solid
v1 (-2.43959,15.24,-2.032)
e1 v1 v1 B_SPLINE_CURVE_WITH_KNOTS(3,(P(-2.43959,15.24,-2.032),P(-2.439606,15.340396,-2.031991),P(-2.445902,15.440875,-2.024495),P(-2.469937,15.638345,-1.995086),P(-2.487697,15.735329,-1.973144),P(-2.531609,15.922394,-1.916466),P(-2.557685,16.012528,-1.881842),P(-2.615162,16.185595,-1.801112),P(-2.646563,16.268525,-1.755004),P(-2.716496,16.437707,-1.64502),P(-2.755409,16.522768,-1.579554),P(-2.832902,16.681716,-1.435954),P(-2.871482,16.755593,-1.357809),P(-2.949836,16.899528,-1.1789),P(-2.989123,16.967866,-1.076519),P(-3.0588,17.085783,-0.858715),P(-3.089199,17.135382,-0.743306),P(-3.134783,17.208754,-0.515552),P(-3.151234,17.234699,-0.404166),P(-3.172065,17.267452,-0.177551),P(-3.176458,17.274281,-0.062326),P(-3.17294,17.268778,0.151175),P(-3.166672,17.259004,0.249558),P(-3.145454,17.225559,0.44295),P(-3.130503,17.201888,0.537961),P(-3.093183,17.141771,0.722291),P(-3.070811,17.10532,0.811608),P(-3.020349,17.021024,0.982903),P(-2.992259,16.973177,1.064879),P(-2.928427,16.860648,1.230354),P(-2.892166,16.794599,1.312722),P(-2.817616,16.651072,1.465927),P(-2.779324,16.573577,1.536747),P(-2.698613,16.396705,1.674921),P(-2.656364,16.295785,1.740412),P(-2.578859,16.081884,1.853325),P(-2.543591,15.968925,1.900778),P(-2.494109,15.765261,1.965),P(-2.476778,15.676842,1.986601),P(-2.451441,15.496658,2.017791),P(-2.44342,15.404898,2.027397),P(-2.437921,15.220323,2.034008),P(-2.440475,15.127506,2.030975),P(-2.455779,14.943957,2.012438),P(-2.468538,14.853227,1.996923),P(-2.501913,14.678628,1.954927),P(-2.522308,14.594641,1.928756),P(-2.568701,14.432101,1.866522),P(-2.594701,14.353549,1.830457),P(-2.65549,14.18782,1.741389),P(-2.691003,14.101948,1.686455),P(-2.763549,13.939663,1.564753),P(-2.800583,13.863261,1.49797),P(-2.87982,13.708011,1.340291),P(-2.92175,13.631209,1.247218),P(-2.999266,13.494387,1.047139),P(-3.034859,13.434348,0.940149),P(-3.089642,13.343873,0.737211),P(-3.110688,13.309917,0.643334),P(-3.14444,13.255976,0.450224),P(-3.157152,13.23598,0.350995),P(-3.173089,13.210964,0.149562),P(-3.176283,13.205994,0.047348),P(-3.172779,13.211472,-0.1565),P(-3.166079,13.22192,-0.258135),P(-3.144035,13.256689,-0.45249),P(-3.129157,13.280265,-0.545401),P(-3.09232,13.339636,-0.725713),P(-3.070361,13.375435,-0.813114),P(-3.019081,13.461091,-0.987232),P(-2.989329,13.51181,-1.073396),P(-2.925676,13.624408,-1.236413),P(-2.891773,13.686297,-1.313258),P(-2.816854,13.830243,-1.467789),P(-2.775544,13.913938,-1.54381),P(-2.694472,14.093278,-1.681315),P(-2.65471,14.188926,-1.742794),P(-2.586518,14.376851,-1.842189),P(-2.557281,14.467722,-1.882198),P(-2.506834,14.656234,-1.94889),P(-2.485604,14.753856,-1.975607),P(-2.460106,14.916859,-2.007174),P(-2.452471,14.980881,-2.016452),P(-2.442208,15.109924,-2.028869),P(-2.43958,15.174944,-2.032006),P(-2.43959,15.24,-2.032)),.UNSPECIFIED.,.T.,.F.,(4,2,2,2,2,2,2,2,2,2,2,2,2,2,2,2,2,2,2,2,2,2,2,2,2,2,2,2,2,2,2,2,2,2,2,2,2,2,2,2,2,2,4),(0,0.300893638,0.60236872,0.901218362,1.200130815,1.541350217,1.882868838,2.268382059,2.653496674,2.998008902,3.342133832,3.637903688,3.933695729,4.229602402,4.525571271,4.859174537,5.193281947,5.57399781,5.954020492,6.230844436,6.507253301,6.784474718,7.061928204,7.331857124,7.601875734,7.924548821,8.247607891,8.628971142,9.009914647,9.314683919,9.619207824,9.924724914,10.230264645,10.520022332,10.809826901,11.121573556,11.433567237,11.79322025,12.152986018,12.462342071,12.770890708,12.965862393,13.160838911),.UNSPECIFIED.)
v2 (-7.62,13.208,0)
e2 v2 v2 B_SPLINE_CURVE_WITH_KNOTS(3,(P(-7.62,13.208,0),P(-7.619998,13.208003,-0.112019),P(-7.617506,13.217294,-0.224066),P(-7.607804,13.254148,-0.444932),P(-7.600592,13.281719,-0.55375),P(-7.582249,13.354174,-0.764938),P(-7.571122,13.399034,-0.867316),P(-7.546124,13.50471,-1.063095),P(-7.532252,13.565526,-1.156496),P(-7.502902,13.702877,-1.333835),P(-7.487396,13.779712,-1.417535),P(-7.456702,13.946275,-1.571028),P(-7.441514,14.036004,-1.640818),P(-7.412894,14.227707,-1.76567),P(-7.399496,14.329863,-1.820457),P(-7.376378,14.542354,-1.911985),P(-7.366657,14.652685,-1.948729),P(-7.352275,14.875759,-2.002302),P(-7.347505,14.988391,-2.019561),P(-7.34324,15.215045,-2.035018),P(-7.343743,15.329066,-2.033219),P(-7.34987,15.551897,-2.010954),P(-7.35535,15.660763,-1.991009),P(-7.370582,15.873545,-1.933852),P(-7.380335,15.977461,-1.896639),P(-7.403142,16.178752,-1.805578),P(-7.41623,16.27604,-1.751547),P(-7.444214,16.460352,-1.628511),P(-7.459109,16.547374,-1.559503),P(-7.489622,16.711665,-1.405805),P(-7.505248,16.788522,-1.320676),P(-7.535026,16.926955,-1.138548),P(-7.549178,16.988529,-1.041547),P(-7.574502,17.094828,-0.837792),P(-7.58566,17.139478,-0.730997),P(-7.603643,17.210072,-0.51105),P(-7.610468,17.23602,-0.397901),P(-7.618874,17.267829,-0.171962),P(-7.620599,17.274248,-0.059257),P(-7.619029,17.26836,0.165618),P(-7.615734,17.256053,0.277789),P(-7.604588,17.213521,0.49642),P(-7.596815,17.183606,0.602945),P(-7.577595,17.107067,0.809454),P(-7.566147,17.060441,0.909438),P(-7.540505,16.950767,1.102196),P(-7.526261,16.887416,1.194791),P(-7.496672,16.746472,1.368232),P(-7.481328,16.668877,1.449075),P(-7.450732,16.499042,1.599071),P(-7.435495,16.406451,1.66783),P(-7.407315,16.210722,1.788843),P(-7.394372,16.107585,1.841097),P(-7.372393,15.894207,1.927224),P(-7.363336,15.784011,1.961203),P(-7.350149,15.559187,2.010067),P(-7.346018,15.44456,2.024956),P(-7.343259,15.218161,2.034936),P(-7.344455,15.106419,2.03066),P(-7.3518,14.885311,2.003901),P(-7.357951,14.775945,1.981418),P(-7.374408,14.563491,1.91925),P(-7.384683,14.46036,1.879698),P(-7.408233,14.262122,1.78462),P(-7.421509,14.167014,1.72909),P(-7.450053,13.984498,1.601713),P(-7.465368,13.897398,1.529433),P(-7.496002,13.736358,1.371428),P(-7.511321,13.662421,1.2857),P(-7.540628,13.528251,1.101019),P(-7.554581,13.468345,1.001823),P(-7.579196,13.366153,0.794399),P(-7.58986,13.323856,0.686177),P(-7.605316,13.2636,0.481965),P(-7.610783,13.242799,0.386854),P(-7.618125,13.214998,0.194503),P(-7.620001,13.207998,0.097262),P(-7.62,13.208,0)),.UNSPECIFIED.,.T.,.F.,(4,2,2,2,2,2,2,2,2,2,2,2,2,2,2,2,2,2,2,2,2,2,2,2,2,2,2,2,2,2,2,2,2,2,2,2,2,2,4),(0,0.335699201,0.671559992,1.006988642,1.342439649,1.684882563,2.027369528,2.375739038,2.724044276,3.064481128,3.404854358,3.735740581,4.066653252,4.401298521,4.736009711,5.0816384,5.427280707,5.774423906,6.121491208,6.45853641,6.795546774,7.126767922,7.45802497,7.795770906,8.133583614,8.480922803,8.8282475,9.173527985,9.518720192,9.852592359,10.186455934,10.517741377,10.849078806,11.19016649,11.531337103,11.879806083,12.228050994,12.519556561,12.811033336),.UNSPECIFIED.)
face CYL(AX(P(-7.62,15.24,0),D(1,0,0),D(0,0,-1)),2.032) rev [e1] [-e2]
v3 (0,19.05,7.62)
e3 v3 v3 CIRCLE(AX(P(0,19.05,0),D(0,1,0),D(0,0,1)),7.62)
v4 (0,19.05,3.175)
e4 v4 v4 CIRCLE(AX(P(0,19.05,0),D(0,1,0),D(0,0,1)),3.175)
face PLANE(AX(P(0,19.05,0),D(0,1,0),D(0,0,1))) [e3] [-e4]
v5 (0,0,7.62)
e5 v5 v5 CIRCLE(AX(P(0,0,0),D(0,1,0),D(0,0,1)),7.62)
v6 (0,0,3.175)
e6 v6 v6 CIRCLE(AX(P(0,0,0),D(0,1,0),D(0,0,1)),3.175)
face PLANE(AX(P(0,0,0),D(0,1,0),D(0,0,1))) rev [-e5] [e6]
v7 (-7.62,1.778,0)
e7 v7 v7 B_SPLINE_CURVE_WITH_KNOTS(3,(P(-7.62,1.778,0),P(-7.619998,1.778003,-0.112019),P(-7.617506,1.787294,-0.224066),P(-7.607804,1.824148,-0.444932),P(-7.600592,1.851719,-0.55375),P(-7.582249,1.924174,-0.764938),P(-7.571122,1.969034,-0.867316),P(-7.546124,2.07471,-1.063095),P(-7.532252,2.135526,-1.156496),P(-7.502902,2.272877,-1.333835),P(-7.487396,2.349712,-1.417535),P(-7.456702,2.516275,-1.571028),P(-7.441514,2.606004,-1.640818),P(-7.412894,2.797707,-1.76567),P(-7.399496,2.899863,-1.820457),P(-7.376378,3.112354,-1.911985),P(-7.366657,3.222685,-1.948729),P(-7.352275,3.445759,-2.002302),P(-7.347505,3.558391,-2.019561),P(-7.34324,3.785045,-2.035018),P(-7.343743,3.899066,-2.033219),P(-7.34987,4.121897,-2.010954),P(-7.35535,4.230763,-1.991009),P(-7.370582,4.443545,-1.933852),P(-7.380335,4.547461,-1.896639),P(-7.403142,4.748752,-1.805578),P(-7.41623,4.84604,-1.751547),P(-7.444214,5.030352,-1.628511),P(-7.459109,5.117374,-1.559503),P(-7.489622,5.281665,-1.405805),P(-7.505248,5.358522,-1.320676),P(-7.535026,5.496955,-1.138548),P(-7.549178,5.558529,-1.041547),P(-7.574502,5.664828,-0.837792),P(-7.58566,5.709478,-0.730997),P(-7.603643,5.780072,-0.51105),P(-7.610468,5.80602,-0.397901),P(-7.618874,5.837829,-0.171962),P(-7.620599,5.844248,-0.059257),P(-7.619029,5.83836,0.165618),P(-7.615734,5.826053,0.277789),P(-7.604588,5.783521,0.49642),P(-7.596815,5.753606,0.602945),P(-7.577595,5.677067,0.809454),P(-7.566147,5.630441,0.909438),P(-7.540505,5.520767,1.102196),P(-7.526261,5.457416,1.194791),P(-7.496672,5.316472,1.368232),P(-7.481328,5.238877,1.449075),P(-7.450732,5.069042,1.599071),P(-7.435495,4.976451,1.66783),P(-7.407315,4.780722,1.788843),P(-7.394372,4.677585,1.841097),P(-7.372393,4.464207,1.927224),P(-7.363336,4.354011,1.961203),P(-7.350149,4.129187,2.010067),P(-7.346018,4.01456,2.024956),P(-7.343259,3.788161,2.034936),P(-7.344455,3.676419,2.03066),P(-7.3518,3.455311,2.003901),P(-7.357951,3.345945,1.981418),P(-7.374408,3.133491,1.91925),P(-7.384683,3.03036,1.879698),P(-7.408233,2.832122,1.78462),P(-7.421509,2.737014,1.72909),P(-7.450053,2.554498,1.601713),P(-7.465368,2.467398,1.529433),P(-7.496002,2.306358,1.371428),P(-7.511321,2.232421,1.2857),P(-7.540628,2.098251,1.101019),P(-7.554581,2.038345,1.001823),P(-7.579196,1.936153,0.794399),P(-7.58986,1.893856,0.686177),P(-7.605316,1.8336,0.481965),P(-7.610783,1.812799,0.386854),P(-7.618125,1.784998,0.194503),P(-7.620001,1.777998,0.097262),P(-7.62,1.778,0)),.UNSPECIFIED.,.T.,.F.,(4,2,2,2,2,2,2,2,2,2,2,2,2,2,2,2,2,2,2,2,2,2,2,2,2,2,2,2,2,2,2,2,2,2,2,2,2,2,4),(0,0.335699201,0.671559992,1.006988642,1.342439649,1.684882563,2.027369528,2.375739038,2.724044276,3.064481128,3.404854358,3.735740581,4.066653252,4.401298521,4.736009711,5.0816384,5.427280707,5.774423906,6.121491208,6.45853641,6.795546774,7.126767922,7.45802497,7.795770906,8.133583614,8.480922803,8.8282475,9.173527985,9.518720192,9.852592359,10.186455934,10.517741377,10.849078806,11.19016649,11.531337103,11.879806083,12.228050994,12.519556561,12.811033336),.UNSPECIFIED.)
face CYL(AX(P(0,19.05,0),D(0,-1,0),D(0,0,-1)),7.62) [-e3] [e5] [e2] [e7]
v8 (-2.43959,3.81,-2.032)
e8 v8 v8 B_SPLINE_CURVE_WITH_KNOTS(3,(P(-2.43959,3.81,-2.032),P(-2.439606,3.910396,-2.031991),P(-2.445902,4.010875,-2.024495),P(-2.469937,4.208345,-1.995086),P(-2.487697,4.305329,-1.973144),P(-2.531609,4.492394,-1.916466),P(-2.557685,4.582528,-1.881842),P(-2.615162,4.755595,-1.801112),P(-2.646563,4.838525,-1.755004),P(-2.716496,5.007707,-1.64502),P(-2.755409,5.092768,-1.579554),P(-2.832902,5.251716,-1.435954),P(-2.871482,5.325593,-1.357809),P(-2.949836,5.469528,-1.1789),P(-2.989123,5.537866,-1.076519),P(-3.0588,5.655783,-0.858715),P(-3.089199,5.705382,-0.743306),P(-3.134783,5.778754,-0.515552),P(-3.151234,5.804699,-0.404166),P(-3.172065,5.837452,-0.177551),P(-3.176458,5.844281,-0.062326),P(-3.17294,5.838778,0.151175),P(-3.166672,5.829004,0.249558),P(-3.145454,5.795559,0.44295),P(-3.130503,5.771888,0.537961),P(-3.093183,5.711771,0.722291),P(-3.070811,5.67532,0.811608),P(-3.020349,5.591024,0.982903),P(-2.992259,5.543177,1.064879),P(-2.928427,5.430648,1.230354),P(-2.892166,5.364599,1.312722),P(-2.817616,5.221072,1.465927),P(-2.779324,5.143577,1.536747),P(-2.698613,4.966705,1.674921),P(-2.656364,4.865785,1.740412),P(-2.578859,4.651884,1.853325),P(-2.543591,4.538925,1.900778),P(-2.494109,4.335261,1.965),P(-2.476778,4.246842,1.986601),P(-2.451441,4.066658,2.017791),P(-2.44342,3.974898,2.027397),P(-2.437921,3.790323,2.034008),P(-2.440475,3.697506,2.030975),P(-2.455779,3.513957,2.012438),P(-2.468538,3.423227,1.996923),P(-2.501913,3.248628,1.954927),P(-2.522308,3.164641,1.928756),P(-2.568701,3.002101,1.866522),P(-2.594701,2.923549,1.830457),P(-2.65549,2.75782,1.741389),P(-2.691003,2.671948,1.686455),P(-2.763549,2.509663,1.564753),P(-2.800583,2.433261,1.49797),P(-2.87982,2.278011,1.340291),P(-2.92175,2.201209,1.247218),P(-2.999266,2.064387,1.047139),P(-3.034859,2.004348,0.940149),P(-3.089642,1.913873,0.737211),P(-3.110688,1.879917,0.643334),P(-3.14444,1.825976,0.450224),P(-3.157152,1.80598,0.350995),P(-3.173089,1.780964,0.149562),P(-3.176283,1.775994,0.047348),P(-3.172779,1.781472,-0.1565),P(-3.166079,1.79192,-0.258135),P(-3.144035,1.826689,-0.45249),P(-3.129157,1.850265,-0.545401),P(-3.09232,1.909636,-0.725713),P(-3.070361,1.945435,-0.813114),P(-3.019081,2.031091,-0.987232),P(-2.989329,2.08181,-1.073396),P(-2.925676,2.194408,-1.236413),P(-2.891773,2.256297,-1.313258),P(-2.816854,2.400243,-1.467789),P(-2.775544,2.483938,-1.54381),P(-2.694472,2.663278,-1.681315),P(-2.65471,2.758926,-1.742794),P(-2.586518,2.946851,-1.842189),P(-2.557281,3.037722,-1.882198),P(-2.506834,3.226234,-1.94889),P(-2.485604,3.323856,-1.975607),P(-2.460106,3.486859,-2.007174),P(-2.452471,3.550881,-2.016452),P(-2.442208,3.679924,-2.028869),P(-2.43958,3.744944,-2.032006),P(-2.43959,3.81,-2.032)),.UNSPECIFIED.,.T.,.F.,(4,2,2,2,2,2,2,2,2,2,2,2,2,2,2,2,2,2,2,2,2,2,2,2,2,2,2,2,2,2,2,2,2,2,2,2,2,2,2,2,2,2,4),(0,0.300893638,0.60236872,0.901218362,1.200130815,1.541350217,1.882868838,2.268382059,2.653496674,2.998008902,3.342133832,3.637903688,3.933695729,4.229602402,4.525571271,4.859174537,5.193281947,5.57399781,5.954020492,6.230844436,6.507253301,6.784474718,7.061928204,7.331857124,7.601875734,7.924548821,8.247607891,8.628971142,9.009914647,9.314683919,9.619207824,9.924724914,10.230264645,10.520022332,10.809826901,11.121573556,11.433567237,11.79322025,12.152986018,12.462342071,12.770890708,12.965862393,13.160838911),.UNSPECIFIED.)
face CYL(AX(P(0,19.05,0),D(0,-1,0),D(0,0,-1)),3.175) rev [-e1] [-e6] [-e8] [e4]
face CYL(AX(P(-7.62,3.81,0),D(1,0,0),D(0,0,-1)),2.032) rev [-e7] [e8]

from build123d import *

# Parameters (mm, degrees)
SKETCH1_R           = 7.62
SKETCH1_R_2         = 3.175
BOSS_EXTRUDE1_DEPTH = 19.05
SKETCH2_R           = 2.032
CUT_EXTRUDE1_DEPTH  = 22.886783683


with BuildPart() as part:
    # Sketch1 → Boss-Extrude1 (new body)
    with BuildSketch(Plane(origin=(0, 0, 0), x_dir=(1, 0, 0), z_dir=(0, 1, 0))):
        with Locations(Location((0, 0, 0), (0, 0, 90))):
            Circle(SKETCH1_R)
        with Locations(Location((0, 0, 0), (0, 0, 90))):
            Circle(SKETCH1_R_2, mode=Mode.SUBTRACT)
    extrude(amount=BOSS_EXTRUDE1_DEPTH)

    # Sketch2 → Cut-Extrude1 (cut, through all)
    with BuildSketch(Plane(origin=(0, 0, 0), x_dir=(0, 0, -1), z_dir=(1, 0, 0))):
        with Locations((0, 3.81)):
            Circle(SKETCH2_R)
        with Locations((0, 15.24)):
            Circle(SKETCH2_R)
    extrude(amount=-CUT_EXTRUDE1_DEPTH, mode=Mode.SUBTRACT)


solid = part.part
